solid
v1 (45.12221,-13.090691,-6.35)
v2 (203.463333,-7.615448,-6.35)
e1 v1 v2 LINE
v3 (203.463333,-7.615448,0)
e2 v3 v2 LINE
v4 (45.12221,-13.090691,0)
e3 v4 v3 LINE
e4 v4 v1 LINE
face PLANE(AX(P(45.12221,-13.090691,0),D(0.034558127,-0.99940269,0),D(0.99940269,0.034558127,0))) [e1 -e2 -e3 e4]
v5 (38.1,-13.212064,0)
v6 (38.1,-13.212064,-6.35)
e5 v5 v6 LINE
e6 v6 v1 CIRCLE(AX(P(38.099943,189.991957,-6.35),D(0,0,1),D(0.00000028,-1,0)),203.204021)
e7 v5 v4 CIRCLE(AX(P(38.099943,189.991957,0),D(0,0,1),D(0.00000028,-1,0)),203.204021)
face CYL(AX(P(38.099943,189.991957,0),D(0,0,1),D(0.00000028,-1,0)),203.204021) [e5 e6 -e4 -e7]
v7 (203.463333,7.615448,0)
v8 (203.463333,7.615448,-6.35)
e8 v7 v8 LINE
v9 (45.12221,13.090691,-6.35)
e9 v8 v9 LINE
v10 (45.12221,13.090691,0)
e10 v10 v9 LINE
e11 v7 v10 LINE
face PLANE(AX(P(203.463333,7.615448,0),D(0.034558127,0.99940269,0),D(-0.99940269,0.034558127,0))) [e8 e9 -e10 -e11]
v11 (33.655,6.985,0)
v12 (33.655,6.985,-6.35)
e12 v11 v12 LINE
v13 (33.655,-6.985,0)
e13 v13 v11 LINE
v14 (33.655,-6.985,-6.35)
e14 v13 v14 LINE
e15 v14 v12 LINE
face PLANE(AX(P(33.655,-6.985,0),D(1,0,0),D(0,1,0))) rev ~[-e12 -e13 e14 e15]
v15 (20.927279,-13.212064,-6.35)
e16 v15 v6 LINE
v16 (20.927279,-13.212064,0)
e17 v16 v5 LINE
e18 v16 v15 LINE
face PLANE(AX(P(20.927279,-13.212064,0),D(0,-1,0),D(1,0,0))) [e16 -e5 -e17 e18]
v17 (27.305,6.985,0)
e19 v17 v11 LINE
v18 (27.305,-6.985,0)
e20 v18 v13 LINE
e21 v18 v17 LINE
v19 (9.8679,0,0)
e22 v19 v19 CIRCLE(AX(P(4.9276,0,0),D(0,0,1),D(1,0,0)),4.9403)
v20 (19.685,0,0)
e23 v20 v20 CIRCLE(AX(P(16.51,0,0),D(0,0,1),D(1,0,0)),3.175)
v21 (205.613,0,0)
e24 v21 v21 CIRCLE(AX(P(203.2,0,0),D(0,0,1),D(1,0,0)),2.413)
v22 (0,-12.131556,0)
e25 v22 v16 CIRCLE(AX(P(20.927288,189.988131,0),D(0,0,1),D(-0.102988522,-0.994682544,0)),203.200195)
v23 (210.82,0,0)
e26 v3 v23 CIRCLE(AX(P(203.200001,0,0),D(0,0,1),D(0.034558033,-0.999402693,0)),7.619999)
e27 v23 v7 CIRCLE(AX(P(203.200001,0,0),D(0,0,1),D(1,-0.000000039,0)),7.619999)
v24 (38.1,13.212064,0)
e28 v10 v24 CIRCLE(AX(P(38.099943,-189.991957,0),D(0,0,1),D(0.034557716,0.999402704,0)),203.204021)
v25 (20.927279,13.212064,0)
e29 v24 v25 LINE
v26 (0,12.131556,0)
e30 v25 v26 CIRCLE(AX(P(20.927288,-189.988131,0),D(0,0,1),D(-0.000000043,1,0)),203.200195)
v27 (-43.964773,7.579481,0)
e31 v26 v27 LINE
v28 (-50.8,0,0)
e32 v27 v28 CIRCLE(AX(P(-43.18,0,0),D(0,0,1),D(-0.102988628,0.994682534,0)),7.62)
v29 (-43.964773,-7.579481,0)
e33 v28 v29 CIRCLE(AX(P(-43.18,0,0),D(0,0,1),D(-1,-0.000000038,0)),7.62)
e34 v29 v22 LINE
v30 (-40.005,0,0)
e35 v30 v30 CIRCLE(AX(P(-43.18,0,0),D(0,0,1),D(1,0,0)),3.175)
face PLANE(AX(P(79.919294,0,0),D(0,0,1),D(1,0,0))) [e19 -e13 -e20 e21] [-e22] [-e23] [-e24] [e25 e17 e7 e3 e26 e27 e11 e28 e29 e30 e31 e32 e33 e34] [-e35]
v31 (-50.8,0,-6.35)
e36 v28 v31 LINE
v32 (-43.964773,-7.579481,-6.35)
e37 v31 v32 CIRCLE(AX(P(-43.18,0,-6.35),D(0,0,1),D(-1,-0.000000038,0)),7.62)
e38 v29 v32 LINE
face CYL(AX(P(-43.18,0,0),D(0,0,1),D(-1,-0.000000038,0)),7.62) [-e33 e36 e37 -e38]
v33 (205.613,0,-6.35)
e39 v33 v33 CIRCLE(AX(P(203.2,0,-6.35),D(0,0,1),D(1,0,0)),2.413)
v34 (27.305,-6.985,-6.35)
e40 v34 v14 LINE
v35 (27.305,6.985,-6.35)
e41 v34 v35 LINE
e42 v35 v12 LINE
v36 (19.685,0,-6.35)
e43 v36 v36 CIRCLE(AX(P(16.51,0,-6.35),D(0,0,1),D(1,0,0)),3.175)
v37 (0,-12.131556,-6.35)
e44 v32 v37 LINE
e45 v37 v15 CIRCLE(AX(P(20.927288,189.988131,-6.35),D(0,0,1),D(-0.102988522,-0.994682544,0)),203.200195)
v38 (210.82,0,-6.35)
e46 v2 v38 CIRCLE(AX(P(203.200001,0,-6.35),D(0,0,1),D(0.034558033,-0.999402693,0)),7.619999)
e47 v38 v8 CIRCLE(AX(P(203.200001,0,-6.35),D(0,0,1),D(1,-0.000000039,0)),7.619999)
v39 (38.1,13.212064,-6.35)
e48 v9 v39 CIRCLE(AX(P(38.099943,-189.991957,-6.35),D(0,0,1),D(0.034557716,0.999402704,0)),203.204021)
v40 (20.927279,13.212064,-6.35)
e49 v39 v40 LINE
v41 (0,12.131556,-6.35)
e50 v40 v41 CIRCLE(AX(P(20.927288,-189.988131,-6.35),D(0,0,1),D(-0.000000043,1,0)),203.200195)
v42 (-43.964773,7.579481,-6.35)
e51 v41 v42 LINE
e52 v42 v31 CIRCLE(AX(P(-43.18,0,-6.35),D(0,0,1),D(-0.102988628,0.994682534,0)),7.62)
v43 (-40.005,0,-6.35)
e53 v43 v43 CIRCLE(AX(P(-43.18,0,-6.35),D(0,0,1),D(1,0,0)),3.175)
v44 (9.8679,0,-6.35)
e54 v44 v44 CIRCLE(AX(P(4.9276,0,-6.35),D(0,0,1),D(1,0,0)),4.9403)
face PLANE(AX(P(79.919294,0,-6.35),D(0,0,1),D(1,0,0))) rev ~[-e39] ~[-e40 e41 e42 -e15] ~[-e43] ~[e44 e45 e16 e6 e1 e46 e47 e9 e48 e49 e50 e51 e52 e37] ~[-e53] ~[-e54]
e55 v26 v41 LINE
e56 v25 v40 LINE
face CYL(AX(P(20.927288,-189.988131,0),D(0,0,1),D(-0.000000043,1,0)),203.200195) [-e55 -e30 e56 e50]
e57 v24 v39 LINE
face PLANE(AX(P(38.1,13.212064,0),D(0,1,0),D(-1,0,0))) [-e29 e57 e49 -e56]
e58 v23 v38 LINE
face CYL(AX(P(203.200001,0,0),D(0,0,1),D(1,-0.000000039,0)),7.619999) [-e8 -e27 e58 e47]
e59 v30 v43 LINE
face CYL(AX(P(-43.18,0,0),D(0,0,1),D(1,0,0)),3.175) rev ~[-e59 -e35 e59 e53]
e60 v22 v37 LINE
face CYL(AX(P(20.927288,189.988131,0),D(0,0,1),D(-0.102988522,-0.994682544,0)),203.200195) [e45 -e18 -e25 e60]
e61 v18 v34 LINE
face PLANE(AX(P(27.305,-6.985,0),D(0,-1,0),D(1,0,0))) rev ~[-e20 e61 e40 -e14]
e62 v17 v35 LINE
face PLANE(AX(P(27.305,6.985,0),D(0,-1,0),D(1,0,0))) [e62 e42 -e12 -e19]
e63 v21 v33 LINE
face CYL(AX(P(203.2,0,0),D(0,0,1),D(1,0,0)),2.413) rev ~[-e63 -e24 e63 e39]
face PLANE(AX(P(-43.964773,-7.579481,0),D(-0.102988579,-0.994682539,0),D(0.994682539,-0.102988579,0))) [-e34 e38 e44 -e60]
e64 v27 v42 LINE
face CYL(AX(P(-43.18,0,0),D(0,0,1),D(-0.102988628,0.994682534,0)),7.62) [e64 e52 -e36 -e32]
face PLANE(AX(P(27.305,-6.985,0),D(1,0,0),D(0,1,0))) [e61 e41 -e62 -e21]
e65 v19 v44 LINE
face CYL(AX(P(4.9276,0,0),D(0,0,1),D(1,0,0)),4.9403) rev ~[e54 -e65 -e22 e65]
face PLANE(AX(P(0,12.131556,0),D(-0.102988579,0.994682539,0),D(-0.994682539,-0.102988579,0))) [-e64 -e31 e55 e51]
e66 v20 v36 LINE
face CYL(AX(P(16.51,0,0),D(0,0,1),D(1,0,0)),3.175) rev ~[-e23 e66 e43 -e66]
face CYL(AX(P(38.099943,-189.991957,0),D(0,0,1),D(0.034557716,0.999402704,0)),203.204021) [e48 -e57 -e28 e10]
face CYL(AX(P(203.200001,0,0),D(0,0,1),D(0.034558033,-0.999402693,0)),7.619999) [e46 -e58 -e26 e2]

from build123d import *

# Parameters (mm, degrees)
F2_DEPTH = 6.35
F3_R     = 3.175
F3_R_2   = 4.9403
F3_R_3   = 2.413
F4_DEPTH = 6.35
F5_W     = 6.35
F5_H     = 13.97
F6_DEPTH = 6.35


with BuildPart() as f2:
    # F1 (on Top) → F2 (new body)
    with BuildSketch(Plane.XY):
        with BuildLine():
            Line((38.1, 13.212064), (20.927279, 13.212064))
            ThreePointArc((20.927279, 13.212064), (10.449702, 12.941757), (0, 12.131556))
            Line((0, 12.131556), (-43.964773, 7.579481))
            ThreePointArc((-43.964773, 7.579481), (-48.838815, 5.103157), (-50.8, 0))
            ThreePointArc((-50.8, 0), (-48.838815, -5.103157), (-43.964773, -7.579481))
            Line((-43.964773, -7.579481), (0, -12.131556))
            ThreePointArc((0, -12.131556), (10.449702, -12.941757), (20.927279, -13.212064))
            Line((20.927279, -13.212064), (38.1, -13.212064))
            ThreePointArc((38.1, -13.212064), (41.611629, -13.181718), (45.12221, -13.090691))
            Line((45.12221, -13.090691), (203.463333, -7.615448))
            ThreePointArc((203.463333, -7.615448), (208.680465, -5.294233), (210.82, 0))
            ThreePointArc((210.82, 0), (208.680465, 5.294233), (203.463333, 7.615448))
            Line((203.463333, 7.615448), (45.12221, 13.090691))
            ThreePointArc((45.12221, 13.090691), (41.611629, 13.181718), (38.1, 13.212064))
        make_face()
    extrude(amount=-F2_DEPTH)

    # F3 (on face) → F4 (cut, through all)
    with BuildSketch(Plane.XY):
        with Locations((-43.18, 0)):
            Circle(F3_R)
        with Locations((16.51, 0)):
            Circle(F3_R)
        with Locations((4.9276, 0)):
            Circle(F3_R_2)
        with Locations((203.2, 0)):
            Circle(F3_R_3)
    extrude(amount=-F4_DEPTH, mode=Mode.SUBTRACT)

    # F5 (on face) → F6 (cut, through all)
    with BuildSketch(Plane.XY):
        with Locations((30.48, 0)):
            Rectangle(F5_W, F5_H)
    extrude(amount=-F6_DEPTH, mode=Mode.SUBTRACT)


solid = f2.part
